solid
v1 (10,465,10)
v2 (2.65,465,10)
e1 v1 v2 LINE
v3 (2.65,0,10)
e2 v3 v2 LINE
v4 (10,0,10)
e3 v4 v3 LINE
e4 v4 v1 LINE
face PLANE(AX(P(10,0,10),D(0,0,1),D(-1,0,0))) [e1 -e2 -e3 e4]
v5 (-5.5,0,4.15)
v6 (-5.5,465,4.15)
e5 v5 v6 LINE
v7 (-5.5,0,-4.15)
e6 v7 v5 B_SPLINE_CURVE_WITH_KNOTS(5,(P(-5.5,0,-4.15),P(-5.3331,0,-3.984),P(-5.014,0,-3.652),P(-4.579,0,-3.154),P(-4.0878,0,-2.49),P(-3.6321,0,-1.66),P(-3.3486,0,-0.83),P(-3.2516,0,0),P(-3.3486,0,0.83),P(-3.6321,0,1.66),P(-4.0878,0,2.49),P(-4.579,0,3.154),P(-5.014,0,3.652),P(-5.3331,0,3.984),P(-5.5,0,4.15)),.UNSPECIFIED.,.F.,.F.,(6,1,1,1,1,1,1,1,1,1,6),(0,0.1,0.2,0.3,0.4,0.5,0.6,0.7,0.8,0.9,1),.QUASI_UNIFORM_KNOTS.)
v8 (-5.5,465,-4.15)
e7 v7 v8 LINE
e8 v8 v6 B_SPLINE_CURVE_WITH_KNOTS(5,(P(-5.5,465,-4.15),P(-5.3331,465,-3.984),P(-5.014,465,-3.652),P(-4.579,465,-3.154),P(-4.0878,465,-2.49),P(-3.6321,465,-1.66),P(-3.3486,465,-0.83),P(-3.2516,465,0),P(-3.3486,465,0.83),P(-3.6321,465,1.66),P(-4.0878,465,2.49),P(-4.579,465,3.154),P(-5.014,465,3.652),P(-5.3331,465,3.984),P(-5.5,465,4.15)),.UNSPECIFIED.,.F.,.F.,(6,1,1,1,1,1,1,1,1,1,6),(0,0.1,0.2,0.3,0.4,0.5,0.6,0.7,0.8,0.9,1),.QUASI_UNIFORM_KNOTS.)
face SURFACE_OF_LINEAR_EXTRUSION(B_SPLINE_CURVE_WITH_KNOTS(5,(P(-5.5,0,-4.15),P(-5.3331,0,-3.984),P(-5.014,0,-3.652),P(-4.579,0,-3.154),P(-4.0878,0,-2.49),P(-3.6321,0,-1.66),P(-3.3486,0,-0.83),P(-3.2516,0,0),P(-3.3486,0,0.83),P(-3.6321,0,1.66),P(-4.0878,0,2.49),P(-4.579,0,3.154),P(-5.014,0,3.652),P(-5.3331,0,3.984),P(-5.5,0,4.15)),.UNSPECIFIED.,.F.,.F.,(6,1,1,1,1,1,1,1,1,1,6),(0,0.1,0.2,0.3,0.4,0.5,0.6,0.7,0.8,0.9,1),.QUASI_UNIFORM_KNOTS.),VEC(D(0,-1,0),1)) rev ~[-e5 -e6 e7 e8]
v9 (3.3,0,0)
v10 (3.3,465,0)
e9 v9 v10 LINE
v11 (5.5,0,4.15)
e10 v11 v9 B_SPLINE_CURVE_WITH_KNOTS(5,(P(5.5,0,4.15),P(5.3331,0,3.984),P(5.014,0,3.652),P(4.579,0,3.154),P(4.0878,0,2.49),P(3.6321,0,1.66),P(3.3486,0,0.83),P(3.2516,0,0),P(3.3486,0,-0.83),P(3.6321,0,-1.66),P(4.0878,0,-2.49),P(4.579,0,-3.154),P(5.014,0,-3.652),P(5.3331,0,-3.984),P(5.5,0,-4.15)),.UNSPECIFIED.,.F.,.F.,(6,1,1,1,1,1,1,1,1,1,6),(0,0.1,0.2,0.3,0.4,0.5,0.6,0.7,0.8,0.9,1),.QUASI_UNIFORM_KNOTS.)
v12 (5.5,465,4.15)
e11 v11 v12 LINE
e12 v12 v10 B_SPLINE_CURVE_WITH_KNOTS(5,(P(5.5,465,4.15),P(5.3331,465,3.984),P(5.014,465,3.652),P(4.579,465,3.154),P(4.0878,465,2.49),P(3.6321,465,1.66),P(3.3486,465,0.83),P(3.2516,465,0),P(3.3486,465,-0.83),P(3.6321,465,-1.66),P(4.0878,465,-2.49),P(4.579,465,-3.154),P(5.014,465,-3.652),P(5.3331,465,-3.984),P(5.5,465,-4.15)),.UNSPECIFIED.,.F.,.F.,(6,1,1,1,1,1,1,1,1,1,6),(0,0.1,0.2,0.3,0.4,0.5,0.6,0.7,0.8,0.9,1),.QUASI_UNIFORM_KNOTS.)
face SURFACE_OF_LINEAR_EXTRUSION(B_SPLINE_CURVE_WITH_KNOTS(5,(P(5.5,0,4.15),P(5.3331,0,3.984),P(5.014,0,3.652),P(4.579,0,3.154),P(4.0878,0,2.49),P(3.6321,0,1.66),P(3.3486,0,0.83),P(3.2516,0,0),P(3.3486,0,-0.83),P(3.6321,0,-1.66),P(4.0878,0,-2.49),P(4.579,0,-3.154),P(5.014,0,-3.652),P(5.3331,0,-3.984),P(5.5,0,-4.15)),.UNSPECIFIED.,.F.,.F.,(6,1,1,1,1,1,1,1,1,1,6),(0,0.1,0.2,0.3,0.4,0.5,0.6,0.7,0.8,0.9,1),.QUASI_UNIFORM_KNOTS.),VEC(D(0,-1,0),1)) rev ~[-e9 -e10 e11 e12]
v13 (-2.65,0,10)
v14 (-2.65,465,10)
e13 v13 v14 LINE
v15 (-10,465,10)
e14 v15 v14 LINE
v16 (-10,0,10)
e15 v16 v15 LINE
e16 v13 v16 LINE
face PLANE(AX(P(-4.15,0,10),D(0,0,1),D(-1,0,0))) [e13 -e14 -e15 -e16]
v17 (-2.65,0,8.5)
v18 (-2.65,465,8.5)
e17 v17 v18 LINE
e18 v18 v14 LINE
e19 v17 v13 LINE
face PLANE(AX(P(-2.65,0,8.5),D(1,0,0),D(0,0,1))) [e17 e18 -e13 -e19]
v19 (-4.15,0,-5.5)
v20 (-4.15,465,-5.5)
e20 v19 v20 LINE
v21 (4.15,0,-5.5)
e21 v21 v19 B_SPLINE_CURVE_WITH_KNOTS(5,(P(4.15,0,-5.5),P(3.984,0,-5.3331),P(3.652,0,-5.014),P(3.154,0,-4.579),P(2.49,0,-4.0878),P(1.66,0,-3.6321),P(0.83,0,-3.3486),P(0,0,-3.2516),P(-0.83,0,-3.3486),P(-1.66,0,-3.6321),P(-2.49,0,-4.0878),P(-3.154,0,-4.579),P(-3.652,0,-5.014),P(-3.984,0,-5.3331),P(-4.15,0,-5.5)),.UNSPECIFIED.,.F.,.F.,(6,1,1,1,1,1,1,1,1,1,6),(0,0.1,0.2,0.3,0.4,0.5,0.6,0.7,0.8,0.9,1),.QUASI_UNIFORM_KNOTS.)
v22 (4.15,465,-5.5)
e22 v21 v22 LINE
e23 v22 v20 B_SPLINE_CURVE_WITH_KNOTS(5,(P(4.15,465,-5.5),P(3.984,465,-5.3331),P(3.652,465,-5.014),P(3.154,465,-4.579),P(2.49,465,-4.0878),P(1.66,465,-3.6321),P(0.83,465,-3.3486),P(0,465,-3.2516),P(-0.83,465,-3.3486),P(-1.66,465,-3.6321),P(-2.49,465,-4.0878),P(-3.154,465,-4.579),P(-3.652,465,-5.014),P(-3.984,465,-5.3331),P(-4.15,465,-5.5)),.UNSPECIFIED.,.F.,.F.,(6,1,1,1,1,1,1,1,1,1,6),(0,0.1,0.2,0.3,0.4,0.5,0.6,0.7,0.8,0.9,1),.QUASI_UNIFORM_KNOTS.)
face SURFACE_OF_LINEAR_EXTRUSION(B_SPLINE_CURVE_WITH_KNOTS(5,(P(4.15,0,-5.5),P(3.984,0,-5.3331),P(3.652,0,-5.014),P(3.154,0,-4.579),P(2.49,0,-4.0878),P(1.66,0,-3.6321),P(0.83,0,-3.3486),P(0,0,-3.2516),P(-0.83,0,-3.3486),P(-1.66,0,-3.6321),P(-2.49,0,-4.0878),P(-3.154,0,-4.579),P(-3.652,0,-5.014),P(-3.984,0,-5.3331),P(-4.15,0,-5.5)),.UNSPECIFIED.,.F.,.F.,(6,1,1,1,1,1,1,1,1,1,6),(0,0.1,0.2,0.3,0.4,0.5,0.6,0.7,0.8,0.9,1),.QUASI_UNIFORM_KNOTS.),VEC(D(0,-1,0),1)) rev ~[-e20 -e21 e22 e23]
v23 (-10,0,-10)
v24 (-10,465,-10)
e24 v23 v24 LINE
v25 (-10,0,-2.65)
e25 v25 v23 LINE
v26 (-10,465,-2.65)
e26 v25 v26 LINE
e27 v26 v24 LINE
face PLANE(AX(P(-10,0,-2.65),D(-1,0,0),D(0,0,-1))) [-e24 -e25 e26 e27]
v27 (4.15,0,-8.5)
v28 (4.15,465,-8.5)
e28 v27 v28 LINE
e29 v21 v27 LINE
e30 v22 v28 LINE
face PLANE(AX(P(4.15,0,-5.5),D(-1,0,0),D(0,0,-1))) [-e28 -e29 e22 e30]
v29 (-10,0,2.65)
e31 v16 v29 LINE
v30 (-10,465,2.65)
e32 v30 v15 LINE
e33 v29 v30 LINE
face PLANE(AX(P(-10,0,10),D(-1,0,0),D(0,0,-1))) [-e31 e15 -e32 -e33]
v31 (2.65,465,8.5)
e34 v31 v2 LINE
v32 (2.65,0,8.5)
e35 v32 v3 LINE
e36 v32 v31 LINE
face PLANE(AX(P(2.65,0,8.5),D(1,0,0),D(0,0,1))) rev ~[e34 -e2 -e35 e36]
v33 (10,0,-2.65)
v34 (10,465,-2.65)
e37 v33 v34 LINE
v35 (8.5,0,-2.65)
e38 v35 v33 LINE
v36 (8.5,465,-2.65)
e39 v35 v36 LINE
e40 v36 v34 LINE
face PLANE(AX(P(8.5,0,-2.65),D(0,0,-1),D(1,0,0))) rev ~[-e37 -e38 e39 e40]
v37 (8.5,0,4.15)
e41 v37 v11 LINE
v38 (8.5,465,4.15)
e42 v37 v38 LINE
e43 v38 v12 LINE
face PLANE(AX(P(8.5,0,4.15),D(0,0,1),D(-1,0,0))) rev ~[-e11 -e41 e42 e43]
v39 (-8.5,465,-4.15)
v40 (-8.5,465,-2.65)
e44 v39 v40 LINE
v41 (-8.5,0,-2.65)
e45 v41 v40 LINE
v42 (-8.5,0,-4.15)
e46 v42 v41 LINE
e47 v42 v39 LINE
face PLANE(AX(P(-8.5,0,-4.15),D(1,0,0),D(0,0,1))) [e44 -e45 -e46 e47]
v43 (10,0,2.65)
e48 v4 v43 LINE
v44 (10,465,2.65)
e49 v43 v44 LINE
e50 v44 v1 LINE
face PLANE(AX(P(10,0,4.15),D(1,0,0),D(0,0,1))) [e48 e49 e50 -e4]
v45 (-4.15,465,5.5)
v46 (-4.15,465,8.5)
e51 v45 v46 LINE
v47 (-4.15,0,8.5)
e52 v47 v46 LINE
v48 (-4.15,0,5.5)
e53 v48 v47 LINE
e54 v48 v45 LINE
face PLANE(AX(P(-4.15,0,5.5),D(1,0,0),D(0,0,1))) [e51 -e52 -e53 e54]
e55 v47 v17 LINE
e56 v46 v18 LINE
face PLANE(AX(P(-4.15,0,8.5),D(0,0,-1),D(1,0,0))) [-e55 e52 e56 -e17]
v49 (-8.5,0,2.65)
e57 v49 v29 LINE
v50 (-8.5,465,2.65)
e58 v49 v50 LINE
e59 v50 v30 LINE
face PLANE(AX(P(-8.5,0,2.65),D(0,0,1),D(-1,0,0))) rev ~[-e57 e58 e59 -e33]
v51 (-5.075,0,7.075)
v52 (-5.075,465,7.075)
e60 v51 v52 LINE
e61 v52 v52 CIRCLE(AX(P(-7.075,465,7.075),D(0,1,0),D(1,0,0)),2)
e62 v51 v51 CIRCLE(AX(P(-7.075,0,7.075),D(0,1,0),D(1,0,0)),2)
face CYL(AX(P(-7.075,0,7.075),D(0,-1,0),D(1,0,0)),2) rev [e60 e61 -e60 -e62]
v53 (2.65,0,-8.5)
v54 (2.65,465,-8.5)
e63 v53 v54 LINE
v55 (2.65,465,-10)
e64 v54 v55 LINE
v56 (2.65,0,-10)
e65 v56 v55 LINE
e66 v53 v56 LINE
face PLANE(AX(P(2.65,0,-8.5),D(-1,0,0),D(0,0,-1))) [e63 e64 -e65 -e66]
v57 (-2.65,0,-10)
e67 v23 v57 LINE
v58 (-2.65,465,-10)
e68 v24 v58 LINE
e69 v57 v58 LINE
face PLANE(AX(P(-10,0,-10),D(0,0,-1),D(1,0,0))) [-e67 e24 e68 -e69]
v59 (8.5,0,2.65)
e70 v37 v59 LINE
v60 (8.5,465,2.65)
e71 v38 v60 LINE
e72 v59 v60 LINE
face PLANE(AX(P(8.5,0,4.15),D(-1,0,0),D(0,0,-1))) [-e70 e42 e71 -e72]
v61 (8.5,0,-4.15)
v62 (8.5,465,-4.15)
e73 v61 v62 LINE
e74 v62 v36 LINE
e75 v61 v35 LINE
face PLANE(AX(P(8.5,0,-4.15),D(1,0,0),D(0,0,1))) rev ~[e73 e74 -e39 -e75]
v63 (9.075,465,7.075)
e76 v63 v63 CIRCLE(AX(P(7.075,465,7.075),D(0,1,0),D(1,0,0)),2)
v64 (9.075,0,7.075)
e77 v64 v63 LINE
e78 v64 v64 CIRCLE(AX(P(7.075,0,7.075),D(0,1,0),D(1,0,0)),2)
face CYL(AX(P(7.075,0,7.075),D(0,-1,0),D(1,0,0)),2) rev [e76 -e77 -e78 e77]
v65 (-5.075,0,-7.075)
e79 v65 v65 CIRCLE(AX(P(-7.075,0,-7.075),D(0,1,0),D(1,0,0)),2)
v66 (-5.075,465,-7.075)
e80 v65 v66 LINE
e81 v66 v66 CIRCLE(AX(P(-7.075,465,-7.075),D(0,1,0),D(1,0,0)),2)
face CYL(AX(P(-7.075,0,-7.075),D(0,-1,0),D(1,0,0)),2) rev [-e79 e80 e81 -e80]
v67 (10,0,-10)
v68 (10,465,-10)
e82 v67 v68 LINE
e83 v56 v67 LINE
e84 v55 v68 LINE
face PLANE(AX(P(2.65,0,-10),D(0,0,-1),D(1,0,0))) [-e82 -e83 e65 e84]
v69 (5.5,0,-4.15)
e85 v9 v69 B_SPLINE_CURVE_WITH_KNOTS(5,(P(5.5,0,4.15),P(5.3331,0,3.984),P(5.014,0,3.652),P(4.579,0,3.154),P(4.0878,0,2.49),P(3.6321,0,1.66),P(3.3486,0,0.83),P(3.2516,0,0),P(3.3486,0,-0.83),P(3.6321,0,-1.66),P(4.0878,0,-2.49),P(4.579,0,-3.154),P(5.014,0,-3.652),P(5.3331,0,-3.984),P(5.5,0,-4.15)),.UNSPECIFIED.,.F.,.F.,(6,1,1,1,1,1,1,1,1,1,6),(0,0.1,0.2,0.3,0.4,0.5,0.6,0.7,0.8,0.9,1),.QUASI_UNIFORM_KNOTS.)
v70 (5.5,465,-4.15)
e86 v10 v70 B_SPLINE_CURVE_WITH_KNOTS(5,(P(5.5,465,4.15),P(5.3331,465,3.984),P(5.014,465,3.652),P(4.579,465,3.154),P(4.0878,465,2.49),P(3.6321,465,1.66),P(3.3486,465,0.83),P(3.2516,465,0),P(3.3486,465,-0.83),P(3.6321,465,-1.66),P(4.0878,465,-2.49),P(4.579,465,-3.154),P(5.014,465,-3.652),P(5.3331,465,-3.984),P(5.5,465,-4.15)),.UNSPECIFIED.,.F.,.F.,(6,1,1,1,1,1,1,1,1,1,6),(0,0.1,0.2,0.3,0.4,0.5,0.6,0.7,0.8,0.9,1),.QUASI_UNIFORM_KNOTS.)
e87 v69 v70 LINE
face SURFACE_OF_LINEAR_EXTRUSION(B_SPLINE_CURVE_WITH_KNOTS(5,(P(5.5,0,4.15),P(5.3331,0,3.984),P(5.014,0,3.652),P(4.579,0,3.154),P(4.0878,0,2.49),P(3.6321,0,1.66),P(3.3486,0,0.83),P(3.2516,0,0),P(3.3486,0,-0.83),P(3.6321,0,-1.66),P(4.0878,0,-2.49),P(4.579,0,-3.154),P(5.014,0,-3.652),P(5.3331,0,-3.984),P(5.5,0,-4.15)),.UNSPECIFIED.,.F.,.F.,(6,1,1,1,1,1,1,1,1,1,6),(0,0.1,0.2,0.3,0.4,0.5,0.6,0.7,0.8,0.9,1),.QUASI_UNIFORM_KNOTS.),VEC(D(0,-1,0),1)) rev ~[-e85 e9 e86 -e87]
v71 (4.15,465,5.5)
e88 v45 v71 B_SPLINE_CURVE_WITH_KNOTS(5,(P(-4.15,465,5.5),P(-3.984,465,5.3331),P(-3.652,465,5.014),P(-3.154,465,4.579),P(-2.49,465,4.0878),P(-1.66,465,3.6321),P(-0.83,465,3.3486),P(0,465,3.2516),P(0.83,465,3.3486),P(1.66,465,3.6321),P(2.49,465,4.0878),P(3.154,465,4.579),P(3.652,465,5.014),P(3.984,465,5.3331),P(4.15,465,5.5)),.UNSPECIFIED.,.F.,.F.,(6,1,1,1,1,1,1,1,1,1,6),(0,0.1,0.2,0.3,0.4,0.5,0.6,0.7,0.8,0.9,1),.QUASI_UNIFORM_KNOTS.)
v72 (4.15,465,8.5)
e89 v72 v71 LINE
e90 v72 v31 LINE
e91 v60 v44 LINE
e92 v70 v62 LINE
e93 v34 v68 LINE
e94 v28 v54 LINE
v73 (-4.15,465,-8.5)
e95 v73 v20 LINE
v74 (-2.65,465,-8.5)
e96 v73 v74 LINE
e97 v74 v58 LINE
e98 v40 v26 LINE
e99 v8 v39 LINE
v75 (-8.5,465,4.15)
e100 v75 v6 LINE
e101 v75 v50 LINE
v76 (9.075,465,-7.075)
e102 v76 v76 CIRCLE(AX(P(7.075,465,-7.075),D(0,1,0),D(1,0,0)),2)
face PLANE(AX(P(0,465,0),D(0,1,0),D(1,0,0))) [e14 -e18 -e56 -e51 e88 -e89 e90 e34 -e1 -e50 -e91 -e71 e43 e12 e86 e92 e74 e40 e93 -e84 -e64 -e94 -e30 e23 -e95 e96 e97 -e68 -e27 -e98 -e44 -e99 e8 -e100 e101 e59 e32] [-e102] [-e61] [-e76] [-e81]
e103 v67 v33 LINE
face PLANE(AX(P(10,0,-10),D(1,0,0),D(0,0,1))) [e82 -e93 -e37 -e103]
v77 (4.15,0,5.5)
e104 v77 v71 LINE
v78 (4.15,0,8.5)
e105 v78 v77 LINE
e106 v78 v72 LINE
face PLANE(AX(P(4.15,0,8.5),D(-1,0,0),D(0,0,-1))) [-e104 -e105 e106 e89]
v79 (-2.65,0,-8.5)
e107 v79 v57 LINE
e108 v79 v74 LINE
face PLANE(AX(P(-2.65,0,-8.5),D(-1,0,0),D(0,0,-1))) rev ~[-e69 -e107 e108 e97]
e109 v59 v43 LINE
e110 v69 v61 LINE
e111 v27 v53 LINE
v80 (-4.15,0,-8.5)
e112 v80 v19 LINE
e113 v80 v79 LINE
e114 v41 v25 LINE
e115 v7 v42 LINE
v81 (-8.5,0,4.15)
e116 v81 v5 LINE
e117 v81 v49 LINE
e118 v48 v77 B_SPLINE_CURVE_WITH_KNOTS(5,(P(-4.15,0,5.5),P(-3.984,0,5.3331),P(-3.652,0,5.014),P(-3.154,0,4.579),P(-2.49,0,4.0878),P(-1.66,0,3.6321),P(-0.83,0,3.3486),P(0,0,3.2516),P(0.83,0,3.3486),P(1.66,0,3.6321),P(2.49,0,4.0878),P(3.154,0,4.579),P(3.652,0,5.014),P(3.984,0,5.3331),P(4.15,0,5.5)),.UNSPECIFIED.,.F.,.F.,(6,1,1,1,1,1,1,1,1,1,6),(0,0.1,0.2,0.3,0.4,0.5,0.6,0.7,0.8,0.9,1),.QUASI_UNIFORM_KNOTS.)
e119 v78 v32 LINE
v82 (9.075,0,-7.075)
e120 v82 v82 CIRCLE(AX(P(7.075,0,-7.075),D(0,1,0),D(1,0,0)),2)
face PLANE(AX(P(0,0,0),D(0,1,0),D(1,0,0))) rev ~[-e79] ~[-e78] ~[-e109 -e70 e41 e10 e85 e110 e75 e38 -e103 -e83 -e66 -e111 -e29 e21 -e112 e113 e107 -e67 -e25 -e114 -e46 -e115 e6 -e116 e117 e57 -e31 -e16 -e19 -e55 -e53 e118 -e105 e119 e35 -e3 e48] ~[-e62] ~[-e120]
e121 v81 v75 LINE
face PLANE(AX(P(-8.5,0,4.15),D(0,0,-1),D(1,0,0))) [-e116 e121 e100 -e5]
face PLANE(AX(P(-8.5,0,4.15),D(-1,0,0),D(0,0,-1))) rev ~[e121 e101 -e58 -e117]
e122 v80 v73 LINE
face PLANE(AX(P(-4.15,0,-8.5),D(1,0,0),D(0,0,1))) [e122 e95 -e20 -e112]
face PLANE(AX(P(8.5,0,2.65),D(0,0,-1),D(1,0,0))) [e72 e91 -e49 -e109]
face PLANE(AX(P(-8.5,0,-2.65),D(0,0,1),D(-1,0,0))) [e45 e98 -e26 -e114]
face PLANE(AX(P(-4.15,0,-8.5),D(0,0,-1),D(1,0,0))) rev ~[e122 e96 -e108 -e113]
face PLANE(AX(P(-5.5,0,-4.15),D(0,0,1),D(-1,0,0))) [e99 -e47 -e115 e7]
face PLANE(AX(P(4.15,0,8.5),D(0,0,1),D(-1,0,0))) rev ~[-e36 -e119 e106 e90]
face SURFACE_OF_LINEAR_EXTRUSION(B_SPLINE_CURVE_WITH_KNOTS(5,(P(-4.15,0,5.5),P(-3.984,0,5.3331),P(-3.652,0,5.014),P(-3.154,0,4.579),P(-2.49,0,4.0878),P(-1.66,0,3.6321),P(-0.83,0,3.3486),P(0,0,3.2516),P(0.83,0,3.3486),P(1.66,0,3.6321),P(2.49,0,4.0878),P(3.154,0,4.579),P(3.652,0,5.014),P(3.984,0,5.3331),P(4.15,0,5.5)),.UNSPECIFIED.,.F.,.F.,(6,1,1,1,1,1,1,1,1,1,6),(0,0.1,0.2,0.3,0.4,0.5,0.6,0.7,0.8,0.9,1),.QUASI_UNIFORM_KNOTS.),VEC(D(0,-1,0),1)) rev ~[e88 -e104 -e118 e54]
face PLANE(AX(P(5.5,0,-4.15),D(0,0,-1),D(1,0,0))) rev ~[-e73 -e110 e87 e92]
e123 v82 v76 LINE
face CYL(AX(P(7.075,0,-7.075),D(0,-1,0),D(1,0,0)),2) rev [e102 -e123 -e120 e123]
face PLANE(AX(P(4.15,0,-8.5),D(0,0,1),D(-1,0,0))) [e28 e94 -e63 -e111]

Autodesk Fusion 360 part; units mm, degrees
sketch "스케치1" plane through (0, 0, 0) normal (0, 1, 0) x (1, 0, 0)
  line L0 (10, -10) -> (-10, -10)
  line L1 (-10, -10) -> (-10, 10)
  line L2 (-10, 10) -> (10, 10)
  line L3 (10, 10) -> (10, -10)
  line L4 (10, -10) -> (-10, 10) construction
  line L5 (-10, -10) -> (10, 10) construction
  line L6 (10, 0) -> (10, -4.15)
  line L7 (3.3, 0) -> (3.3, 4.15)
  line L8 (3.3, 4.15) -> (10, 4.15)
  line L9 (10, 4.15) -> (10, -4.15)
  line L10 (10, -4.15) -> (3.3, -4.15)
  line L11 (3.3, -4.15) -> (3.3, 4.15)
  line L12 (10, -4.15) -> (8.5, -4.15)
  line L13 (8.5, -4.15) -> (8.5, -2.65)
  line L14 (8.5, -2.65) -> (10, -2.65)
  line L15 (10, -2.65) -> (10, -4.15)
  line L16 (10, 4.15) -> (8.5, 4.15)
  line L17 (8.5, 4.15) -> (8.5, 2.65)
  line L18 (8.5, 2.65) -> (10, 2.65)
  line L19 (10, 2.65) -> (10, 4.15)
  line L20 (8.5, 4.15) -> (5.5, 4.15)
  line L21 (5.5, 4.15) -> (5.5, -4.15)
  line L22 (5.5, -4.15) -> (8.5, -4.15)
  line L23 (8.5, -4.15) -> (8.5, 4.15)
  spline S0 degree 5 poles (5.5, -4.15) (5.3331, -3.984) (5.014, -3.652) (4.579, -3.154) (4.0878, -2.49) (3.6321, -1.66) (3.3486, -0.83) (3.2516, 0) (3.3486, 0.83) (3.6321, 1.66) (4.0878, 2.49) (4.579, 3.154) (5.014, 3.652) (5.3331, 3.984) (5.5, 4.15) knots 0 0 0 0 0 0 0.1 0.2 0.3 0.4 0.5 0.6 0.7 0.8 0.9 1 1 1 1 1 1
  spline S1 degree 5 poles (4.15, 5.5) (3.984, 5.3331) (3.652, 5.014) (3.154, 4.579) (2.49, 4.0878) (1.66, 3.6321) (0.83, 3.3486) (0, 3.2516) (-0.83, 3.3486) (-1.66, 3.6321) (-2.49, 4.0878) (-3.154, 4.579) (-3.652, 5.014) (-3.984, 5.3331) (-4.15, 5.5) knots 0 0 0 0 0 0 0.1 0.2 0.3 0.4 0.5 0.6 0.7 0.8 0.9 1 1 1 1 1 1
  line L24 (4.15, 5.5) -> (4.15, 8.5)
  line L25 (4.15, 8.5) -> (2.65, 8.5)
  line L26 (2.65, 8.5) -> (2.65, 10)
  line L27 (-4.15, 8.5) -> (-4.15, 5.5)
  line L28 (-4.15, 8.5) -> (-2.65, 8.5)
  line L29 (-2.65, 8.5) -> (-2.65, 10)
  spline S2 degree 5 poles (-5.5, 4.15) (-5.3331, 3.984) (-5.014, 3.652) (-4.579, 3.154) (-4.0878, 2.49) (-3.6321, 1.66) (-3.3486, 0.83) (-3.2516, 0) (-3.3486, -0.83) (-3.6321, -1.66) (-4.0878, -2.49) (-4.579, -3.154) (-5.014, -3.652) (-5.3331, -3.984) (-5.5, -4.15) knots 0 0 0 0 0 0 0.1 0.2 0.3 0.4 0.5 0.6 0.7 0.8 0.9 1 1 1 1 1 1
  line L30 (-5.5, 4.15) -> (-8.5, 4.15)
  line L31 (-8.5, 4.15) -> (-8.5, 2.65)
  line L32 (-8.5, 2.65) -> (-10, 2.65)
  line L33 (-8.5, -4.15) -> (-5.5, -4.15)
  line L34 (-8.5, -4.15) -> (-8.5, -2.65)
  line L35 (-8.5, -2.65) -> (-10, -2.65)
  spline S3 degree 5 poles (-4.15, -5.5) (-3.984, -5.3331) (-3.652, -5.014) (-3.154, -4.579) (-2.49, -4.0878) (-1.66, -3.6321) (-0.83, -3.3486) (0, -3.2516) (0.83, -3.3486) (1.66, -3.6321) (2.49, -4.0878) (3.154, -4.579) (3.652, -5.014) (3.984, -5.3331) (4.15, -5.5) knots 0 0 0 0 0 0 0.1 0.2 0.3 0.4 0.5 0.6 0.7 0.8 0.9 1 1 1 1 1 1
  line L36 (-4.15, -5.5) -> (-4.15, -8.5)
  line L37 (-4.15, -8.5) -> (-2.65, -8.5)
  line L38 (-2.65, -8.5) -> (-2.65, -10)
  line L39 (4.15, -8.5) -> (4.15, -5.5)
  line L40 (4.15, -8.5) -> (2.65, -8.5)
  line L41 (2.65, -8.5) -> (2.65, -10)
  line L42 (-10, -10) -> (-4.15, -10)
  line L43 (-4.15, -10) -> (-4.15, -4.15)
  line L44 (-4.15, -4.15) -> (-10, -4.15)
  line L45 (-10, -4.15) -> (-10, -10)
  circle A0 centre (-7.075, -7.075) radius 2
  circle A1 centre (7.075, -7.075) radius 2
  circle A2 centre (7.075, 7.075) radius 2
  circle A3 centre (-7.075, 7.075) radius 2
  point P0 (0, 3.3)
  point P1 (-3.3, 0)
  point P2 (0, -3.3)
  dimension "d1" = 20
  dimension "d2" = 20
  dimension "d3" = 6.7
  dimension "d4" = 4.15
  dimension "d5" = 4.15
  dimension "d6" = 1.5
  dimension "d7" = 1.5
  dimension "d8" = 1.5
  dimension "d9" = 1.5
  dimension "d10" = 3
  dimension "d12" = 360
  dimension "d13" = 5.85
  dimension "d14" = 4
  dimension "d16" = 360
extrude "돌출1" add sketch "스케치1" along normal blind 465 contours L0 L1 L2 L3 L7 L8 L10 L11 L12 L16 L20 L22 S1 L24 L25 L26 L27 L28 L29 S2 L30 L31 L32 S3 L39 L40 L41 L43 L44 | L3 L6 L9 L10 L12 L13 L14 L15 L23 | L0 L37 L38 L43 | L0 L1 L33 L36 L42 L43 L44 L45 | L10 L11 S0 | L3 L8 L9 L16 L17 L18 L19 L23 | L7 L8 L11 S0 | L1 L34 L35 L44
